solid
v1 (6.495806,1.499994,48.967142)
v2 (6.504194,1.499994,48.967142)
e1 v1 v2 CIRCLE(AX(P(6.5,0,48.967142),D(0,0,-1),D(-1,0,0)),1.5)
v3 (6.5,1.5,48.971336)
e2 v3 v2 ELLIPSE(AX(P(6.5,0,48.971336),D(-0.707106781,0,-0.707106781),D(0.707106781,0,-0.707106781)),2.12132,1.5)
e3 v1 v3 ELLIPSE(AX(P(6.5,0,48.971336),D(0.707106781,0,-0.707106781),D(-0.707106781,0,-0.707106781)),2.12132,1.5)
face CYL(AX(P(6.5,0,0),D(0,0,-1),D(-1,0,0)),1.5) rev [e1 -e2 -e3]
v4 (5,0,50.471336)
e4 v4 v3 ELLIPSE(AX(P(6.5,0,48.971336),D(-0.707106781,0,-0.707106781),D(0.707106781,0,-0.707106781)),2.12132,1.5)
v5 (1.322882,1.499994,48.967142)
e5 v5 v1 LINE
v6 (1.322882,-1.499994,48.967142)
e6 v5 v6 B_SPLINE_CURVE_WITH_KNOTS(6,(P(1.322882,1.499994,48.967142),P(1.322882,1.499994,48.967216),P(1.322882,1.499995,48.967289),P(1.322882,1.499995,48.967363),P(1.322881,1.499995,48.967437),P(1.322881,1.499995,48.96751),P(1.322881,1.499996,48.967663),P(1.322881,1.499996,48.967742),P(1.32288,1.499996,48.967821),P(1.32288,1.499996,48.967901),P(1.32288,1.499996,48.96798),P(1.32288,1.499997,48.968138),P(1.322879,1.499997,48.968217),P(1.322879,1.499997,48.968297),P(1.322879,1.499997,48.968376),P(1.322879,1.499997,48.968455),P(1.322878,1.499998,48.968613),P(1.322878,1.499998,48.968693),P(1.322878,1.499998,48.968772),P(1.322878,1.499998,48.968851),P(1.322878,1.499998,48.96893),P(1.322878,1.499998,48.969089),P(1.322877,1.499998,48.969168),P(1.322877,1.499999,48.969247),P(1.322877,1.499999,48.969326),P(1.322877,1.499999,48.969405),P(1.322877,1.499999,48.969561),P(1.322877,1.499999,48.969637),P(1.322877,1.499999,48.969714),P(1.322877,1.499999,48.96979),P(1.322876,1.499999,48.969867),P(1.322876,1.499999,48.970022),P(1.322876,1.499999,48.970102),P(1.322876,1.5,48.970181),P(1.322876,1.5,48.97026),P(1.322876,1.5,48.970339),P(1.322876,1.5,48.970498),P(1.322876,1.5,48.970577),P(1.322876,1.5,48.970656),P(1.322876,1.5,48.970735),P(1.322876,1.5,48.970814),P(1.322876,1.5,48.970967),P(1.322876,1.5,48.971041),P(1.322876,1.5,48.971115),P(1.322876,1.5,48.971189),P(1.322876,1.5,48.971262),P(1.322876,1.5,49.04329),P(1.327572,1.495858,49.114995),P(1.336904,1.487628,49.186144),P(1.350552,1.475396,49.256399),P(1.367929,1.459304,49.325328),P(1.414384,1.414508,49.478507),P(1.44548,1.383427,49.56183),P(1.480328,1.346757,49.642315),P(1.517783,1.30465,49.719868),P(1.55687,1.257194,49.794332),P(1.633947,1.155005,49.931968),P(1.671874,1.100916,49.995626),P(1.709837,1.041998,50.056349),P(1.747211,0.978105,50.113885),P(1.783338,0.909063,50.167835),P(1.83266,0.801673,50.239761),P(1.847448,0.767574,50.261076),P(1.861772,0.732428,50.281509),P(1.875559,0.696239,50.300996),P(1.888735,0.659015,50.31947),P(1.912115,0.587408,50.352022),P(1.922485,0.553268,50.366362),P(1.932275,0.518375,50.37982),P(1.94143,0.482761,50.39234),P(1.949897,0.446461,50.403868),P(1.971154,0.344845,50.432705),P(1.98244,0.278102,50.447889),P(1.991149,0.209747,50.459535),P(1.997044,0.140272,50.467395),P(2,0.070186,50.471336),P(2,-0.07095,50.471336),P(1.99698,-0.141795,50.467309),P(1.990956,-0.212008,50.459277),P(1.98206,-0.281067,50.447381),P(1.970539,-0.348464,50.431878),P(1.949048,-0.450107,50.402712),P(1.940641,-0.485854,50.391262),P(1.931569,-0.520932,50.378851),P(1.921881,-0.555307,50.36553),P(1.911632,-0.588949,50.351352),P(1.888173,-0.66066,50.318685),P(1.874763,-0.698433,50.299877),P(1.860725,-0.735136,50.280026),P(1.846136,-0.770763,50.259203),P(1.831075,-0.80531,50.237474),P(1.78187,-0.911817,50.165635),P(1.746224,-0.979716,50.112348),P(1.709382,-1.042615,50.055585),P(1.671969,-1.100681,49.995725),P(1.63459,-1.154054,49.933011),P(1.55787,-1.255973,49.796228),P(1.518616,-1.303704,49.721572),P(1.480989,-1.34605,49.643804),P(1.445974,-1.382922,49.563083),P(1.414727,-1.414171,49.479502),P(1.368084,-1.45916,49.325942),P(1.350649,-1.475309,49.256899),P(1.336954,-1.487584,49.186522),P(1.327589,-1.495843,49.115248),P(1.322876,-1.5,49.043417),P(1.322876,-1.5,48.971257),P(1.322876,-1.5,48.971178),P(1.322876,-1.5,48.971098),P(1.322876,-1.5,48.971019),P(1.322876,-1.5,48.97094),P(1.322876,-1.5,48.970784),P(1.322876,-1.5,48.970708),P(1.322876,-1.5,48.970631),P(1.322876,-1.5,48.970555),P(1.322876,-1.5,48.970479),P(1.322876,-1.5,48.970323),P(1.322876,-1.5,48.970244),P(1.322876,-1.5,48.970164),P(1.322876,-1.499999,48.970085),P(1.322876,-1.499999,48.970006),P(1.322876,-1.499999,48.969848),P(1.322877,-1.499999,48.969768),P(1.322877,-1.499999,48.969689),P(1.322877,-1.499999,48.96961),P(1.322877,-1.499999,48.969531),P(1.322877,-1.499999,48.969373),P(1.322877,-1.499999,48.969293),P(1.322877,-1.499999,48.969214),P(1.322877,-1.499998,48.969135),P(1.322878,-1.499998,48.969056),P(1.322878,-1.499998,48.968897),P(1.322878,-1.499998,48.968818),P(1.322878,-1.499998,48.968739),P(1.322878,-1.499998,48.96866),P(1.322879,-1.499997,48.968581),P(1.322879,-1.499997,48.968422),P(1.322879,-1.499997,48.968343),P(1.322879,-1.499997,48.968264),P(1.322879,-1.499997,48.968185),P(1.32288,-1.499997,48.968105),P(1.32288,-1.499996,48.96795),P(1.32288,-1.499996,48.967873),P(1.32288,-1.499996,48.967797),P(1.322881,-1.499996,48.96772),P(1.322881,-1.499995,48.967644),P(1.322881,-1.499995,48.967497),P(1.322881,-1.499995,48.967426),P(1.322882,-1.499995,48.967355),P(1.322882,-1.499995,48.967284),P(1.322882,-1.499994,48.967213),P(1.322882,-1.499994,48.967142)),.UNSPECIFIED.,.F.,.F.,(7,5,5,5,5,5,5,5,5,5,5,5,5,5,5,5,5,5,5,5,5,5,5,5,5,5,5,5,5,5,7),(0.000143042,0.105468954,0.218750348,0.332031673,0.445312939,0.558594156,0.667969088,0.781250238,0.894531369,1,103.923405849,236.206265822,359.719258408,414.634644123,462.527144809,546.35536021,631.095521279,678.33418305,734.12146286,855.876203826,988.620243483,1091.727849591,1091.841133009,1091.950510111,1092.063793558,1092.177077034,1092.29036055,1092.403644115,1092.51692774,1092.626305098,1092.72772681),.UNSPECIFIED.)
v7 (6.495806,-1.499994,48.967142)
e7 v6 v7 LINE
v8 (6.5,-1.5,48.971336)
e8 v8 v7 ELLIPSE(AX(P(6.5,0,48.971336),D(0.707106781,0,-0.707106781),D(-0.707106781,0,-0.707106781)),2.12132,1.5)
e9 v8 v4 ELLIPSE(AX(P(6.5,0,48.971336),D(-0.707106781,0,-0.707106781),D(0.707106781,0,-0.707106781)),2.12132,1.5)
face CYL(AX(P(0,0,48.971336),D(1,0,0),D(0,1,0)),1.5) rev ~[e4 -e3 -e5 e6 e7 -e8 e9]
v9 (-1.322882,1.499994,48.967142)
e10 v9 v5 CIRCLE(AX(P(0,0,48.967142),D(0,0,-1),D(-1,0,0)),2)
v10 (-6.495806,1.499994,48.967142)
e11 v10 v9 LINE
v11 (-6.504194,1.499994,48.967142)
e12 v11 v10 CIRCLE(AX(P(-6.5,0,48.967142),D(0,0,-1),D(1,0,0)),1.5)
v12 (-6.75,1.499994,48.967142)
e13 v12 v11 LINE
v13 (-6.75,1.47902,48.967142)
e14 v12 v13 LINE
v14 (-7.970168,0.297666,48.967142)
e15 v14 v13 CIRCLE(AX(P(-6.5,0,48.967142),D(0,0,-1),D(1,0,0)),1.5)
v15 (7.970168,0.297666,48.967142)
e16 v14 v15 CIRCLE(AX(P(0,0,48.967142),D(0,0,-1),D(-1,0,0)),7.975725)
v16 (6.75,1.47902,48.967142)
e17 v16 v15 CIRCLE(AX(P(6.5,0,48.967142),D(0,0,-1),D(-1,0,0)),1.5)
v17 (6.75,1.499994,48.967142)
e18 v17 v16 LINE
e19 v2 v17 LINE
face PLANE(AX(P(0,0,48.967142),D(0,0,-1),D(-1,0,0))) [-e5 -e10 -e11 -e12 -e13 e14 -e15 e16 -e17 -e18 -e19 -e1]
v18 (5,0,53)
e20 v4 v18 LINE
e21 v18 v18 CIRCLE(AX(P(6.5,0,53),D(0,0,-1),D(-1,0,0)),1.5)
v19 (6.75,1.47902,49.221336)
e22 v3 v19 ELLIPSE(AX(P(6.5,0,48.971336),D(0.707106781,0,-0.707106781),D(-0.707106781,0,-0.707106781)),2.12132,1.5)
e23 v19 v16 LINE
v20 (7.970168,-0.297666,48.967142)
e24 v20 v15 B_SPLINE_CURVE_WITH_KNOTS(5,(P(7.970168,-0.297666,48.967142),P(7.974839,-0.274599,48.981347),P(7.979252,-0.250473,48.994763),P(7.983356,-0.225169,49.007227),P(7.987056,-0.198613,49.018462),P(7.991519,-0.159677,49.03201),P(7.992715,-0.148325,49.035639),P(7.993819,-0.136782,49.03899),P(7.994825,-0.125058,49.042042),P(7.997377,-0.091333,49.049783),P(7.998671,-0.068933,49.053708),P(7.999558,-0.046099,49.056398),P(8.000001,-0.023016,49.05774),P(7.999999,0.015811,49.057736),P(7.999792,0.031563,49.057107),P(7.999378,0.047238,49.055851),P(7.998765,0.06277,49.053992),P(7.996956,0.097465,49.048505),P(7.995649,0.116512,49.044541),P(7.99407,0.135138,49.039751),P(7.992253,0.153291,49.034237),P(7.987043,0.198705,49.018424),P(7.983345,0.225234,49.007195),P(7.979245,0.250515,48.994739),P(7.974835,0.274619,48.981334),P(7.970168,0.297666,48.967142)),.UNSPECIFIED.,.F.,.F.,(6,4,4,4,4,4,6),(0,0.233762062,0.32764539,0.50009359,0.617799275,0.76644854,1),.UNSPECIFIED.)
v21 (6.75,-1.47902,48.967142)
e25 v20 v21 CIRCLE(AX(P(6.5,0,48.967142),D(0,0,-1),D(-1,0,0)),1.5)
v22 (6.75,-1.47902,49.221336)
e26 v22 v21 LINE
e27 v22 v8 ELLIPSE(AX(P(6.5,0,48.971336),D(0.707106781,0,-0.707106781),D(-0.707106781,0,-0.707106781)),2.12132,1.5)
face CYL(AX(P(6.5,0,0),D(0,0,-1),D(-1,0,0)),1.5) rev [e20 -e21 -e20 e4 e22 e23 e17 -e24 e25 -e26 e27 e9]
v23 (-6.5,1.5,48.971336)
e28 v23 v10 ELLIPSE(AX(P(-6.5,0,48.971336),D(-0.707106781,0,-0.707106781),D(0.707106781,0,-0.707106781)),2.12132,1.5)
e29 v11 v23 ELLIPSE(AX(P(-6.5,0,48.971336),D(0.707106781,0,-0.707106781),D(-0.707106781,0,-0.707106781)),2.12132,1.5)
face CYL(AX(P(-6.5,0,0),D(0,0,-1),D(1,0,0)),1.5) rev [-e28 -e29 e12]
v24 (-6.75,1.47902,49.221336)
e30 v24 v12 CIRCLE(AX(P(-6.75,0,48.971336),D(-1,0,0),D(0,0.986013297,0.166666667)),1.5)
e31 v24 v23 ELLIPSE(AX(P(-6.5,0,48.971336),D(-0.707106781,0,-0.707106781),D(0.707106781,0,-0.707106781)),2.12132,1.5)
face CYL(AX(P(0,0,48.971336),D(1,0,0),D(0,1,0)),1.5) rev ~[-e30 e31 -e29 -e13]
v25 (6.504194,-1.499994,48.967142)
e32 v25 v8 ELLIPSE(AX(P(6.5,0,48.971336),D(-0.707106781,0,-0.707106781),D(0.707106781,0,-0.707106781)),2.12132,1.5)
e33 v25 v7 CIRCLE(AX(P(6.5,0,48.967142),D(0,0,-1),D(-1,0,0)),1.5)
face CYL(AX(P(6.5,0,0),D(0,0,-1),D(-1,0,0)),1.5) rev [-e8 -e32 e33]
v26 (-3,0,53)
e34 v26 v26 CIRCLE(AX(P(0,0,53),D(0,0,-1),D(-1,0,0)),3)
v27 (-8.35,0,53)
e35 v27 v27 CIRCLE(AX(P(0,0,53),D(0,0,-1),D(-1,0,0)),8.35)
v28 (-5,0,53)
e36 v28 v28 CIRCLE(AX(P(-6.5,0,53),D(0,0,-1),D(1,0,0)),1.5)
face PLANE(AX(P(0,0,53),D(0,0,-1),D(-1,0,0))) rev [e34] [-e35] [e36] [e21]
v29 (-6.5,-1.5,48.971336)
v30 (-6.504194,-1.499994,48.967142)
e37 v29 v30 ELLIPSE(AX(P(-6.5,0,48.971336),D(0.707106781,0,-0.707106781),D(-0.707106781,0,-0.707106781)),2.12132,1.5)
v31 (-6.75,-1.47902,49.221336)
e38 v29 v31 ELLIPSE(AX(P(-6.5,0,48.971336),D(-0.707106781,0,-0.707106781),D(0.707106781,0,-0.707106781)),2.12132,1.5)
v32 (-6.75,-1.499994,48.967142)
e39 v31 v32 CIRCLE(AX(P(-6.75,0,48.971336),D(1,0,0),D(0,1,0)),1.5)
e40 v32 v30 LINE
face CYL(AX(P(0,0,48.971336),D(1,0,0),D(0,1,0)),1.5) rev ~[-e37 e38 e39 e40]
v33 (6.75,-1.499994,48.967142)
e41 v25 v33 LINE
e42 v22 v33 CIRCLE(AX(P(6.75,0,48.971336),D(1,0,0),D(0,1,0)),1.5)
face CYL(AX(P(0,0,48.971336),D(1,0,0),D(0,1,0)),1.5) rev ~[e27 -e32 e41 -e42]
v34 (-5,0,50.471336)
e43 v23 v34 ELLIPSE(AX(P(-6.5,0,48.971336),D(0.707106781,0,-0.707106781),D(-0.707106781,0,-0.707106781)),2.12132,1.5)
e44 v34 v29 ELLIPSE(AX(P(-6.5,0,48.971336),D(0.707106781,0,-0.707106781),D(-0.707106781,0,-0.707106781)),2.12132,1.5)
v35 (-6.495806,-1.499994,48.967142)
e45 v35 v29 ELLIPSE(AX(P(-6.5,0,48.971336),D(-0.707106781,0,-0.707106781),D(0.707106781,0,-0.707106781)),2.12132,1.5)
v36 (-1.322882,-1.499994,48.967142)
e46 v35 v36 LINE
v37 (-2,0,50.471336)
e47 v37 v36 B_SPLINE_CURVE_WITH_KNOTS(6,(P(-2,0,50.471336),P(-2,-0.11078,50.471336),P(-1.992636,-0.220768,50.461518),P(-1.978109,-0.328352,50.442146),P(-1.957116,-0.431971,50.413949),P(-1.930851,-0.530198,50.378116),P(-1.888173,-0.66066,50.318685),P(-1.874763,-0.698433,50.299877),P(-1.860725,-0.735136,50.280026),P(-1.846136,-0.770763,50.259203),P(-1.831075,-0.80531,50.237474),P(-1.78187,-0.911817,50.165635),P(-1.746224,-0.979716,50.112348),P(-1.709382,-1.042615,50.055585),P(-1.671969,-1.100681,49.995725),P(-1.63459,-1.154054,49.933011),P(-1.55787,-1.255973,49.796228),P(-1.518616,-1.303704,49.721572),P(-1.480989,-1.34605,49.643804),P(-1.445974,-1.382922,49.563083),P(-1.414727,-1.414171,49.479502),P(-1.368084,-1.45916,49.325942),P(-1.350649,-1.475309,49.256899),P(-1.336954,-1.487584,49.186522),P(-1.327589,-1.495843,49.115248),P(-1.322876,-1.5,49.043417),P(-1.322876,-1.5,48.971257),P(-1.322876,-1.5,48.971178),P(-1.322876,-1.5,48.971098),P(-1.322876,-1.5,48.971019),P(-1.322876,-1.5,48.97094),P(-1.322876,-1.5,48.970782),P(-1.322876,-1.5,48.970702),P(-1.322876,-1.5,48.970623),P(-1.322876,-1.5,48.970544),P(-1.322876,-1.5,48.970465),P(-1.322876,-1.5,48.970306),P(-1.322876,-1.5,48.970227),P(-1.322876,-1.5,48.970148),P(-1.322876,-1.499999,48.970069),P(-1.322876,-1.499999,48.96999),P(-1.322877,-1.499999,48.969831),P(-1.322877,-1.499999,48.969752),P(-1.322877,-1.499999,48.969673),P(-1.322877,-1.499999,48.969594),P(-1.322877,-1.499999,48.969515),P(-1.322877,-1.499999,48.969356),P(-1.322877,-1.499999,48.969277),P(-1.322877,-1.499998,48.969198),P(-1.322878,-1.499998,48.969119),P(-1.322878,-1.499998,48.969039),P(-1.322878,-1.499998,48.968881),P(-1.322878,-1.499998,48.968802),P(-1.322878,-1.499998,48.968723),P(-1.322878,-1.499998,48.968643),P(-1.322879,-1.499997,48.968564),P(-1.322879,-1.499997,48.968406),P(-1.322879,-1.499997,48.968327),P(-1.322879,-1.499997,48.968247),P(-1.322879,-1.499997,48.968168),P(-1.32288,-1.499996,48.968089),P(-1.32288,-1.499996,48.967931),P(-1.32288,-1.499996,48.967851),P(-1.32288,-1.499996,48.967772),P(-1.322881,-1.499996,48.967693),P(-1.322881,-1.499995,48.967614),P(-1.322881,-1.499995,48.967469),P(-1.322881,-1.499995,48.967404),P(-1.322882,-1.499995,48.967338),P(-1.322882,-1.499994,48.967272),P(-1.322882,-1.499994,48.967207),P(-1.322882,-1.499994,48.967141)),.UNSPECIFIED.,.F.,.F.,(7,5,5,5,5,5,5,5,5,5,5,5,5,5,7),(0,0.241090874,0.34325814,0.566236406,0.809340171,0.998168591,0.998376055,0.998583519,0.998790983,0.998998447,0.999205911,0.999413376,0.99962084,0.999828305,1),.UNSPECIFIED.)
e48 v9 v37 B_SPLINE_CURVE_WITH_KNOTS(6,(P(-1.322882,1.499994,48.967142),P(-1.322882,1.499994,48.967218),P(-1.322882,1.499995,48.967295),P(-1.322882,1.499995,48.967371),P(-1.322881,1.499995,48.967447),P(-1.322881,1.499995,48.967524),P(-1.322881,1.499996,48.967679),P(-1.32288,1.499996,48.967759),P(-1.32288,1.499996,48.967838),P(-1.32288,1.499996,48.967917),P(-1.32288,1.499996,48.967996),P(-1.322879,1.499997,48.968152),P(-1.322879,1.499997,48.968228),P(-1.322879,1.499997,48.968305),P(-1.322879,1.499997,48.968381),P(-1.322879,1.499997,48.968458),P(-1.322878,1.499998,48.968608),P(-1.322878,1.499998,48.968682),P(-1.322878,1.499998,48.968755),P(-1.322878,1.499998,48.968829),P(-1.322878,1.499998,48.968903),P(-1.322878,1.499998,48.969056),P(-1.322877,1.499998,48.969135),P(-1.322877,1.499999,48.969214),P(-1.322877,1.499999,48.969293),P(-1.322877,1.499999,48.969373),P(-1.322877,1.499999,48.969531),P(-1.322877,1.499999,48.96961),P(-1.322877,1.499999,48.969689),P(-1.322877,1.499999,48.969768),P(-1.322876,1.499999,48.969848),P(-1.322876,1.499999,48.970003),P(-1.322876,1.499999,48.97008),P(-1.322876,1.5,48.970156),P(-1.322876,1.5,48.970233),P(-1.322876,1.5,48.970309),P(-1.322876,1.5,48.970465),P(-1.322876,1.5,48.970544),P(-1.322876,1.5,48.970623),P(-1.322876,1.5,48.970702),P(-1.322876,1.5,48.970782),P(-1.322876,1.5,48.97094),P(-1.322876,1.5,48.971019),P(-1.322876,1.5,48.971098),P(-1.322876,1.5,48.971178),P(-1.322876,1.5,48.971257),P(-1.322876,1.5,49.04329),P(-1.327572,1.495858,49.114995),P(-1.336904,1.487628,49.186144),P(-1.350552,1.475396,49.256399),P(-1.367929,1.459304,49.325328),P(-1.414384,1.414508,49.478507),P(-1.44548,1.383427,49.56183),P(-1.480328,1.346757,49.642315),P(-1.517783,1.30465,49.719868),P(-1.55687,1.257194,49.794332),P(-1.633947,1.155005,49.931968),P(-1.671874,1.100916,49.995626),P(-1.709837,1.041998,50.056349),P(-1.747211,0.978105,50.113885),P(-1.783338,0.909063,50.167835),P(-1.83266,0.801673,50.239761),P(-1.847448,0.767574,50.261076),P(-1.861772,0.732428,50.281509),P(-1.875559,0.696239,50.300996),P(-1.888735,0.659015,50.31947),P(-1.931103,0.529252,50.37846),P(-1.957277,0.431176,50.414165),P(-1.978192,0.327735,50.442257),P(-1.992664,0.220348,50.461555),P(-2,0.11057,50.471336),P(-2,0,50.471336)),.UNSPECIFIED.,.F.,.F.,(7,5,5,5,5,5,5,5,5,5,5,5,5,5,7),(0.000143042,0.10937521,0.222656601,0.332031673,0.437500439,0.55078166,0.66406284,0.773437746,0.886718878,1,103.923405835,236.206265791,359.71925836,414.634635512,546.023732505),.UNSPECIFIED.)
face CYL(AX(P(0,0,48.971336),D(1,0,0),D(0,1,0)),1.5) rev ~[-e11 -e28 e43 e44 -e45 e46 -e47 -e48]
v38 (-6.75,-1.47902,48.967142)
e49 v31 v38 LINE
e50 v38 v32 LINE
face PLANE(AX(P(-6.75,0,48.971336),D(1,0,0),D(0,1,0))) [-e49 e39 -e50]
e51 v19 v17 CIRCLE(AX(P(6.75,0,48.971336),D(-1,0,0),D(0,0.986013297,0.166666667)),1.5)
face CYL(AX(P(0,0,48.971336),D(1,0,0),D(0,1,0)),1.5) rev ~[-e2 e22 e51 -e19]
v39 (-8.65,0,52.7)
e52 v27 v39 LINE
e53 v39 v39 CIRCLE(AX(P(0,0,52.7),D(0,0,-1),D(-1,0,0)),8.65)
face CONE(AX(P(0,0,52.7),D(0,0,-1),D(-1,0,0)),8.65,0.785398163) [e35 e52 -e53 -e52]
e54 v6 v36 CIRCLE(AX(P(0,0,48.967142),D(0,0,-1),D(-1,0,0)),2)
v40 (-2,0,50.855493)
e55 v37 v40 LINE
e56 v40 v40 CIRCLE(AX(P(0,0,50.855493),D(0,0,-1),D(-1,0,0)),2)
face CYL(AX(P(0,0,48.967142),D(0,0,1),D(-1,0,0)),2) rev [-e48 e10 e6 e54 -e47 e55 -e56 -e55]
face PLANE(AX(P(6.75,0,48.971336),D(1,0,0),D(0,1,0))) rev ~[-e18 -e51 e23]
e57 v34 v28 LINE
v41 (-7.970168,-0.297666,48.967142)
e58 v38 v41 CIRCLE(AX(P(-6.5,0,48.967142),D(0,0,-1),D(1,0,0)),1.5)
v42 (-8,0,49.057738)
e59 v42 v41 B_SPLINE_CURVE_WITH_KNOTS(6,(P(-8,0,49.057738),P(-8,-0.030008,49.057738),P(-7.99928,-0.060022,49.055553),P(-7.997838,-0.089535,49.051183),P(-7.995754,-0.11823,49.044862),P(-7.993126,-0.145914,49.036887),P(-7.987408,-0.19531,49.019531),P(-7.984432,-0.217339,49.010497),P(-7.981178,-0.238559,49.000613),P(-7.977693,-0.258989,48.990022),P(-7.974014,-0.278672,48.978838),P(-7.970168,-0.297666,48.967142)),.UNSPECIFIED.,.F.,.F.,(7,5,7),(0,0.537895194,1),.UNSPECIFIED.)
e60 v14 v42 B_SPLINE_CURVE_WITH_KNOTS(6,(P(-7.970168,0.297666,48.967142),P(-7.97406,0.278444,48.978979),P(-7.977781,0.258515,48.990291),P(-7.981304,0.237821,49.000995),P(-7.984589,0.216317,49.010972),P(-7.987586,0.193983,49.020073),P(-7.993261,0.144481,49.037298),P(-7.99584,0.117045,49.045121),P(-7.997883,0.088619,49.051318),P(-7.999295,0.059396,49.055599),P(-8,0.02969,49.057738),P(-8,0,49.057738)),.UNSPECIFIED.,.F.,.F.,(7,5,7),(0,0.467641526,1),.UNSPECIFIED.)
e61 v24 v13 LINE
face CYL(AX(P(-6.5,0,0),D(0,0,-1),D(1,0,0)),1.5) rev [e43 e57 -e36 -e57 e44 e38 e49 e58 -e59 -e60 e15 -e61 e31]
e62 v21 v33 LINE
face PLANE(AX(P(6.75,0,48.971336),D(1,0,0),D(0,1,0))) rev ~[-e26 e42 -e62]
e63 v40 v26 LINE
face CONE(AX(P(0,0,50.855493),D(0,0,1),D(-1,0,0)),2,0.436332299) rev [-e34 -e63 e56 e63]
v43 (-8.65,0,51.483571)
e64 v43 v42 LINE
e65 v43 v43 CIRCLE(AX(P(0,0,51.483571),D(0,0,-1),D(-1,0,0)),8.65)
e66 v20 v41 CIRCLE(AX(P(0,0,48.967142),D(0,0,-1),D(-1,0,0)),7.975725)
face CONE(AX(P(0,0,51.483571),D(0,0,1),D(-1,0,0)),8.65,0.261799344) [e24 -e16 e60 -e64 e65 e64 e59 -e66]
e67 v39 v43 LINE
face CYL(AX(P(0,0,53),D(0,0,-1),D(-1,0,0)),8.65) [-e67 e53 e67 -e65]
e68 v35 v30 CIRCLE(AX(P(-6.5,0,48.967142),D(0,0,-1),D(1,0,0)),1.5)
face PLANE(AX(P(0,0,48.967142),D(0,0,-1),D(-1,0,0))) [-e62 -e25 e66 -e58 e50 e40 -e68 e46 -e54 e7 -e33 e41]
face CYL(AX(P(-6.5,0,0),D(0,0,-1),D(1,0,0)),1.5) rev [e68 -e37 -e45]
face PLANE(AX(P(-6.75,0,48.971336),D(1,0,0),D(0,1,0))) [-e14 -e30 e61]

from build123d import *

# Parameters (mm, degrees)
F2_SIZE  = 0.3
F3_R     = 1.5
F4_DEPTH = 80
F5_R     = 1.5
F6_DEPTH = 6.75


with BuildPart() as f1:
    # F0 (on Front) → F1 (revolve)
    with BuildSketch(Plane.XZ):
        Polygon((-3, 53), (-7.65, 53), (-8.65, 53), (-8.65, 51.483571), (-7.975725, 48.967142), (-2, 48.967142), (-2, 50.855493), align=None)
    revolve(axis=Axis((0, 0, 14.86109), (0, 0, -1)))

    # F2
    f2_edges = [f1.edges().sort_by_distance(p)[0] for p in [
        (8.65, 0, 53),
    ]]
    chamfer(f2_edges, length=F2_SIZE)

    # F3 (on Top) → F4 (cut)
    with BuildSketch(Plane.XY):
        with Locations((-6.5, 0)):
            Circle(F3_R)
        with BuildLine():
            ThreePointArc((8, 0), (6.5, 1.5), (5, 0))
            ThreePointArc((5, 0), (6.5, -1.5), (8, 0))
        make_face()
    extrude(amount=F4_DEPTH, mode=Mode.SUBTRACT)

    # F5 (on Right) → F6 (cut, symmetric)
    with BuildSketch(Plane.YZ):
        with Locations((0, 48.971336)):
            Circle(F5_R)
    extrude(amount=F6_DEPTH, both=True, mode=Mode.SUBTRACT)


solid = f1.part
